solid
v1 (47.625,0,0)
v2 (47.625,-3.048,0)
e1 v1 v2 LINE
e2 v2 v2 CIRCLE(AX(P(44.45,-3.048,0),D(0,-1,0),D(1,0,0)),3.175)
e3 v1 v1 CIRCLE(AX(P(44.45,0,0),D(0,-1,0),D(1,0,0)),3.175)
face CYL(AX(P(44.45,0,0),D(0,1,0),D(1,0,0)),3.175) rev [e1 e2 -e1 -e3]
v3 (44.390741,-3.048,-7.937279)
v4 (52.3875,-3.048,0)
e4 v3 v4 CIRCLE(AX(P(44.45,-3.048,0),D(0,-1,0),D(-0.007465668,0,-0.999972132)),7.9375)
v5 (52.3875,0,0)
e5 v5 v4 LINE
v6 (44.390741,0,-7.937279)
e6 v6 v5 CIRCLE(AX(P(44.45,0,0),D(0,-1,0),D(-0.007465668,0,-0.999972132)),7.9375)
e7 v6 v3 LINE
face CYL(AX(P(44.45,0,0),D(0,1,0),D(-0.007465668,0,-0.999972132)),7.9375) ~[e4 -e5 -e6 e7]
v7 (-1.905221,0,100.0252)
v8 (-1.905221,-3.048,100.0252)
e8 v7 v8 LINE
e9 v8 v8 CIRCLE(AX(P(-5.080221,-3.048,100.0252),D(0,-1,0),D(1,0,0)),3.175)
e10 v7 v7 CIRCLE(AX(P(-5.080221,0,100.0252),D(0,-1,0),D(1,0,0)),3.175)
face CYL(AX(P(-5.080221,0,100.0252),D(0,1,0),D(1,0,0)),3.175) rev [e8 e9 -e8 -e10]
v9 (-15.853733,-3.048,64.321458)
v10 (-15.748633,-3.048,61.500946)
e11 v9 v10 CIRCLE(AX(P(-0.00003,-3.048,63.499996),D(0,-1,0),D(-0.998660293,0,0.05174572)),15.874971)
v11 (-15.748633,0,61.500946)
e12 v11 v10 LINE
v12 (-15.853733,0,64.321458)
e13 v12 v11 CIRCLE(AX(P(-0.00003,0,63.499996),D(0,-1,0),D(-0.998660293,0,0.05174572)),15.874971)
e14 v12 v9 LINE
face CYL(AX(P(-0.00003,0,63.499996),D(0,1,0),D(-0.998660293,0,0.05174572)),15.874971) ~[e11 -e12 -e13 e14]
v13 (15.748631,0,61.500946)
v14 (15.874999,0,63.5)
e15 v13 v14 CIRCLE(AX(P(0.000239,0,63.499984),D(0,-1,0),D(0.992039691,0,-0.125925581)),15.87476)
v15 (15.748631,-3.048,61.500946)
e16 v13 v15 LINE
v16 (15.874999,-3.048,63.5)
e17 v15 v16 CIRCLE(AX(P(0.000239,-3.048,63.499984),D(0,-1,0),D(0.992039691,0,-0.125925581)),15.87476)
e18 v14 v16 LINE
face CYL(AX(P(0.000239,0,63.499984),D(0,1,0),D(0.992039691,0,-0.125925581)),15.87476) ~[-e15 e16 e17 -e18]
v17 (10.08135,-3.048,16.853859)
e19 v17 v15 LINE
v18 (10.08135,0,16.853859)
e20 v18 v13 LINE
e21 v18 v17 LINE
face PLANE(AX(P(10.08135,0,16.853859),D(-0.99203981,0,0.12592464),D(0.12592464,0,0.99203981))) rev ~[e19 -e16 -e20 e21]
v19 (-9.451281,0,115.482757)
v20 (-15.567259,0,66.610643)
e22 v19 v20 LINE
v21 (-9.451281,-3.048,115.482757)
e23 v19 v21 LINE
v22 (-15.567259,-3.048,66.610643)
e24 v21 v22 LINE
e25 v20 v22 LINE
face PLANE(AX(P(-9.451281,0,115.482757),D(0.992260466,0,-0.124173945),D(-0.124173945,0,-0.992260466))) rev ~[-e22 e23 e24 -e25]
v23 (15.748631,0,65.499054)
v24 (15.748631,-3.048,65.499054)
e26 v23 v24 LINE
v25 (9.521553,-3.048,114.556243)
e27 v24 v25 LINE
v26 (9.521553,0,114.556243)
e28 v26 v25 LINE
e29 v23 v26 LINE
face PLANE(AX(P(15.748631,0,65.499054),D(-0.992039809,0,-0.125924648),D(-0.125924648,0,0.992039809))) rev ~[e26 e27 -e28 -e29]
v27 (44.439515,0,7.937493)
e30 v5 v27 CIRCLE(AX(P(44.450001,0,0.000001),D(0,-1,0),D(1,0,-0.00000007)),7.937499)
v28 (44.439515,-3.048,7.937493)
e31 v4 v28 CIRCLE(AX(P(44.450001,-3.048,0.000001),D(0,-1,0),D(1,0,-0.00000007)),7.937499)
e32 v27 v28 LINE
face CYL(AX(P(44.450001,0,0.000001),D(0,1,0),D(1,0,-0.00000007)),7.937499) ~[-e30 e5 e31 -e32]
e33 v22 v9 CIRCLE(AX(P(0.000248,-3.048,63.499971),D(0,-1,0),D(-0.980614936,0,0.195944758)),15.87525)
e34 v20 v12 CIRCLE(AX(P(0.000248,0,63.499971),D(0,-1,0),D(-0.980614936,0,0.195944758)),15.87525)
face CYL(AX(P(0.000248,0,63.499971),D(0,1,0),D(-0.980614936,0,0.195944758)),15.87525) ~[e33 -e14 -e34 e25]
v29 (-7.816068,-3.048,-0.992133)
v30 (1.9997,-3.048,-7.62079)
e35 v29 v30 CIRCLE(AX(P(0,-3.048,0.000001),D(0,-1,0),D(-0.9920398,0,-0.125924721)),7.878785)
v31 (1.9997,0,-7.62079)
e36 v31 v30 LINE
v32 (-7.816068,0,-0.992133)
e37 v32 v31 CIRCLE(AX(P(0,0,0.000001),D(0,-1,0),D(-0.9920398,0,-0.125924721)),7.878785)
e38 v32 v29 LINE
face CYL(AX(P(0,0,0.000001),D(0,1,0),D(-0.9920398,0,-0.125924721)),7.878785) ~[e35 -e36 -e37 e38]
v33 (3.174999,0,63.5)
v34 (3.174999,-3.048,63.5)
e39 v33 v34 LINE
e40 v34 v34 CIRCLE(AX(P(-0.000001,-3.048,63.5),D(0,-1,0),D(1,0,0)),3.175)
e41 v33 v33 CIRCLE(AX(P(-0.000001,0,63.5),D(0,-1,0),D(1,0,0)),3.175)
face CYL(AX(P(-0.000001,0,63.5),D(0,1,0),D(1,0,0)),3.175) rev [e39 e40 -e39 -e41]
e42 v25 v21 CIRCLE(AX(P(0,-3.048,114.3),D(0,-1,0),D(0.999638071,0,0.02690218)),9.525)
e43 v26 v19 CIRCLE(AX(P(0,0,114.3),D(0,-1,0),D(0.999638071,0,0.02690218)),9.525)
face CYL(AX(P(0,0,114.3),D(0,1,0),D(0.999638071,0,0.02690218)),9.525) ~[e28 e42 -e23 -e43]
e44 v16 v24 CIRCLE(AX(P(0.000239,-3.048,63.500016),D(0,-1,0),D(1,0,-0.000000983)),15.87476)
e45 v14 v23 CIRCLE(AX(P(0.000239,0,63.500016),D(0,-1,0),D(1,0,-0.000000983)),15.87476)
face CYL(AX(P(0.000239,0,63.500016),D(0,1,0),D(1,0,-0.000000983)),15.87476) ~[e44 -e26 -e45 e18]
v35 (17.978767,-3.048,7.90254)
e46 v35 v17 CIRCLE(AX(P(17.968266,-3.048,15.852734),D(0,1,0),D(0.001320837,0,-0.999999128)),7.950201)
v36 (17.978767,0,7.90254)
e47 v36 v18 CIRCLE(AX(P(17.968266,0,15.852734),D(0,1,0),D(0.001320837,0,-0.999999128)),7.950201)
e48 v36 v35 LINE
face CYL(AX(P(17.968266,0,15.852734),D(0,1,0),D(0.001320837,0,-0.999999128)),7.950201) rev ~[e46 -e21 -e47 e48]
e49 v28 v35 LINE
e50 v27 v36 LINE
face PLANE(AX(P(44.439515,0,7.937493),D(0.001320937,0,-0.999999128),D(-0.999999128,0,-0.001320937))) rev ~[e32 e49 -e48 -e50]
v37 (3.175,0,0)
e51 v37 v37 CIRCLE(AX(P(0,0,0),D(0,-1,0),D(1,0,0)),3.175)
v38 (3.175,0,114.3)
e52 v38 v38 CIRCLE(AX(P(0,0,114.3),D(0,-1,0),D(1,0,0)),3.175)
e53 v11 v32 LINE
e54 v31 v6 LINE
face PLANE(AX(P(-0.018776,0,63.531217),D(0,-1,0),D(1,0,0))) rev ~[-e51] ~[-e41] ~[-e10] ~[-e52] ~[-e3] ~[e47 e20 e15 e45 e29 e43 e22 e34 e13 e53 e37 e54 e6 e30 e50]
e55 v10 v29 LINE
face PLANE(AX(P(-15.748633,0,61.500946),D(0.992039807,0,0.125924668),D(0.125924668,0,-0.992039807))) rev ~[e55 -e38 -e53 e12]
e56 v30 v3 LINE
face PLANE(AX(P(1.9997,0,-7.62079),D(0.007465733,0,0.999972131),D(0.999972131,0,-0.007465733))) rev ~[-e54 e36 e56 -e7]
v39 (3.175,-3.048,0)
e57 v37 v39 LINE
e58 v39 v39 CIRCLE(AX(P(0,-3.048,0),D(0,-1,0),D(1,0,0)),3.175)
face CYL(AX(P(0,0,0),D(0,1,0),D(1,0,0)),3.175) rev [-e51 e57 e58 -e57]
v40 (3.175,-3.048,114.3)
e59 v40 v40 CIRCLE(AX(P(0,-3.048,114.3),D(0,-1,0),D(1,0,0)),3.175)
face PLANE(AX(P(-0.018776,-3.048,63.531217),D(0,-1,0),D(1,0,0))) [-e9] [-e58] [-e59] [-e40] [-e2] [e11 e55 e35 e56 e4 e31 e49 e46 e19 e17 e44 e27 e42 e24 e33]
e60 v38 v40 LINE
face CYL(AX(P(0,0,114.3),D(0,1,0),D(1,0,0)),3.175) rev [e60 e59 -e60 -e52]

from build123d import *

# Parameters (mm, degrees)
F0_R     = 3.175
F1_DEPTH = 3.048


with BuildPart() as f1:
    # F0 (on Front) → F1 (new body)
    with BuildSketch(Plane.XZ):
        with BuildLine():
            ThreePointArc((15.748631, 61.500946), (15.843376, 62.498478), (15.874999, 63.5))
            ThreePointArc((15.874999, 63.5), (15.843376, 64.501522), (15.748631, 65.499054))
            ThreePointArc((15.748631, 65.499054), (0.563144, 79.365008), (-15.567259, 66.610643))
            Line((-15.567259, 66.610643), (-15.853733, 64.321458))
            ThreePointArc((-15.853733, 64.321458), (-15.863991, 62.908862), (-15.748633, 61.500946))
            ThreePointArc((-15.748633, 61.500946), (0, 47.625), (15.748631, 61.500946))
        make_face()
        with Locations((-1e-06, 63.5)):
            Circle(F0_R, mode=Mode.SUBTRACT)
        with BuildLine():
            ThreePointArc((-15.567259, 66.610643), (0.563144, 79.365008), (15.748631, 65.499054))
            Line((15.748631, 65.499054), (9.521553, 114.556243))
            ThreePointArc((9.521553, 114.556243), (9.524138, 114.428133), (9.525, 114.3))
            ThreePointArc((9.525, 114.3), (-0.592526, 104.793448), (-9.451281, 115.482757))
            Line((-9.451281, 115.482757), (-15.567259, 66.610643))
        make_face()
        with Locations((-5.080221, 100.0252)):
            Circle(F0_R, mode=Mode.SUBTRACT)
        with BuildLine():
            Line((10.08135, 16.853859), (15.748631, 61.500946))
            ThreePointArc((15.748631, 61.500946), (0, 47.625), (-15.748633, 61.500946))
            Line((-15.748633, 61.500946), (-7.816068, -0.992133))
            ThreePointArc((-7.816068, -0.992133), (-0.497057, 7.86309), (7.878784, 0))
            ThreePointArc((7.878784, 0), (6.238207, -4.812486), (1.9997, -7.62079))
            Line((1.9997, -7.62079), (44.390741, -7.937279))
            ThreePointArc((44.390741, -7.937279), (36.512537, 0.024387), (44.439515, 7.937493))
            Line((44.439515, 7.937493), (17.978767, 7.90254))
            ThreePointArc((17.978767, 7.90254), (12.006638, 10.593011), (10.08135, 16.853859))
        make_face()
        with BuildLine():
            Line((-15.853733, 64.321458), (-15.567259, 66.610643))
            ThreePointArc((-15.567259, 66.610643), (-15.752135, 65.471261), (-15.853733, 64.321458))
        make_face()
        with BuildLine():
            ThreePointArc((9.525, 114.3), (9.524138, 114.428133), (9.521553, 114.556243))
            ThreePointArc((9.521553, 114.556243), (0.464587, 123.813663), (-9.451281, 115.482757))
            ThreePointArc((-9.451281, 115.482757), (-0.592526, 104.793448), (9.525, 114.3))
        make_face()
        with Locations((0, 114.3)):
            Circle(F0_R, mode=Mode.SUBTRACT)
        with BuildLine():
            ThreePointArc((7.878784, 0), (-0.497057, 7.86309), (-7.816068, -0.992133))
            ThreePointArc((-7.816068, -0.992133), (-4.409343, -6.52939), (1.9997, -7.62079))
            ThreePointArc((1.9997, -7.62079), (6.238207, -4.812486), (7.878784, 0))
        make_face()
        Circle(F0_R, mode=Mode.SUBTRACT)
        with BuildLine():
            ThreePointArc((52.3875, 0), (50.058952, 5.616366), (44.439515, 7.937493))
            ThreePointArc((44.439515, 7.937493), (36.512537, 0.024387), (44.390741, -7.937279))
            ThreePointArc((44.390741, -7.937279), (50.04167, -5.633572), (52.3875, 0))
        make_face()
        with Locations((44.45, 0)):
            Circle(F0_R, mode=Mode.SUBTRACT)
    extrude(amount=F1_DEPTH)


solid = f1.part
